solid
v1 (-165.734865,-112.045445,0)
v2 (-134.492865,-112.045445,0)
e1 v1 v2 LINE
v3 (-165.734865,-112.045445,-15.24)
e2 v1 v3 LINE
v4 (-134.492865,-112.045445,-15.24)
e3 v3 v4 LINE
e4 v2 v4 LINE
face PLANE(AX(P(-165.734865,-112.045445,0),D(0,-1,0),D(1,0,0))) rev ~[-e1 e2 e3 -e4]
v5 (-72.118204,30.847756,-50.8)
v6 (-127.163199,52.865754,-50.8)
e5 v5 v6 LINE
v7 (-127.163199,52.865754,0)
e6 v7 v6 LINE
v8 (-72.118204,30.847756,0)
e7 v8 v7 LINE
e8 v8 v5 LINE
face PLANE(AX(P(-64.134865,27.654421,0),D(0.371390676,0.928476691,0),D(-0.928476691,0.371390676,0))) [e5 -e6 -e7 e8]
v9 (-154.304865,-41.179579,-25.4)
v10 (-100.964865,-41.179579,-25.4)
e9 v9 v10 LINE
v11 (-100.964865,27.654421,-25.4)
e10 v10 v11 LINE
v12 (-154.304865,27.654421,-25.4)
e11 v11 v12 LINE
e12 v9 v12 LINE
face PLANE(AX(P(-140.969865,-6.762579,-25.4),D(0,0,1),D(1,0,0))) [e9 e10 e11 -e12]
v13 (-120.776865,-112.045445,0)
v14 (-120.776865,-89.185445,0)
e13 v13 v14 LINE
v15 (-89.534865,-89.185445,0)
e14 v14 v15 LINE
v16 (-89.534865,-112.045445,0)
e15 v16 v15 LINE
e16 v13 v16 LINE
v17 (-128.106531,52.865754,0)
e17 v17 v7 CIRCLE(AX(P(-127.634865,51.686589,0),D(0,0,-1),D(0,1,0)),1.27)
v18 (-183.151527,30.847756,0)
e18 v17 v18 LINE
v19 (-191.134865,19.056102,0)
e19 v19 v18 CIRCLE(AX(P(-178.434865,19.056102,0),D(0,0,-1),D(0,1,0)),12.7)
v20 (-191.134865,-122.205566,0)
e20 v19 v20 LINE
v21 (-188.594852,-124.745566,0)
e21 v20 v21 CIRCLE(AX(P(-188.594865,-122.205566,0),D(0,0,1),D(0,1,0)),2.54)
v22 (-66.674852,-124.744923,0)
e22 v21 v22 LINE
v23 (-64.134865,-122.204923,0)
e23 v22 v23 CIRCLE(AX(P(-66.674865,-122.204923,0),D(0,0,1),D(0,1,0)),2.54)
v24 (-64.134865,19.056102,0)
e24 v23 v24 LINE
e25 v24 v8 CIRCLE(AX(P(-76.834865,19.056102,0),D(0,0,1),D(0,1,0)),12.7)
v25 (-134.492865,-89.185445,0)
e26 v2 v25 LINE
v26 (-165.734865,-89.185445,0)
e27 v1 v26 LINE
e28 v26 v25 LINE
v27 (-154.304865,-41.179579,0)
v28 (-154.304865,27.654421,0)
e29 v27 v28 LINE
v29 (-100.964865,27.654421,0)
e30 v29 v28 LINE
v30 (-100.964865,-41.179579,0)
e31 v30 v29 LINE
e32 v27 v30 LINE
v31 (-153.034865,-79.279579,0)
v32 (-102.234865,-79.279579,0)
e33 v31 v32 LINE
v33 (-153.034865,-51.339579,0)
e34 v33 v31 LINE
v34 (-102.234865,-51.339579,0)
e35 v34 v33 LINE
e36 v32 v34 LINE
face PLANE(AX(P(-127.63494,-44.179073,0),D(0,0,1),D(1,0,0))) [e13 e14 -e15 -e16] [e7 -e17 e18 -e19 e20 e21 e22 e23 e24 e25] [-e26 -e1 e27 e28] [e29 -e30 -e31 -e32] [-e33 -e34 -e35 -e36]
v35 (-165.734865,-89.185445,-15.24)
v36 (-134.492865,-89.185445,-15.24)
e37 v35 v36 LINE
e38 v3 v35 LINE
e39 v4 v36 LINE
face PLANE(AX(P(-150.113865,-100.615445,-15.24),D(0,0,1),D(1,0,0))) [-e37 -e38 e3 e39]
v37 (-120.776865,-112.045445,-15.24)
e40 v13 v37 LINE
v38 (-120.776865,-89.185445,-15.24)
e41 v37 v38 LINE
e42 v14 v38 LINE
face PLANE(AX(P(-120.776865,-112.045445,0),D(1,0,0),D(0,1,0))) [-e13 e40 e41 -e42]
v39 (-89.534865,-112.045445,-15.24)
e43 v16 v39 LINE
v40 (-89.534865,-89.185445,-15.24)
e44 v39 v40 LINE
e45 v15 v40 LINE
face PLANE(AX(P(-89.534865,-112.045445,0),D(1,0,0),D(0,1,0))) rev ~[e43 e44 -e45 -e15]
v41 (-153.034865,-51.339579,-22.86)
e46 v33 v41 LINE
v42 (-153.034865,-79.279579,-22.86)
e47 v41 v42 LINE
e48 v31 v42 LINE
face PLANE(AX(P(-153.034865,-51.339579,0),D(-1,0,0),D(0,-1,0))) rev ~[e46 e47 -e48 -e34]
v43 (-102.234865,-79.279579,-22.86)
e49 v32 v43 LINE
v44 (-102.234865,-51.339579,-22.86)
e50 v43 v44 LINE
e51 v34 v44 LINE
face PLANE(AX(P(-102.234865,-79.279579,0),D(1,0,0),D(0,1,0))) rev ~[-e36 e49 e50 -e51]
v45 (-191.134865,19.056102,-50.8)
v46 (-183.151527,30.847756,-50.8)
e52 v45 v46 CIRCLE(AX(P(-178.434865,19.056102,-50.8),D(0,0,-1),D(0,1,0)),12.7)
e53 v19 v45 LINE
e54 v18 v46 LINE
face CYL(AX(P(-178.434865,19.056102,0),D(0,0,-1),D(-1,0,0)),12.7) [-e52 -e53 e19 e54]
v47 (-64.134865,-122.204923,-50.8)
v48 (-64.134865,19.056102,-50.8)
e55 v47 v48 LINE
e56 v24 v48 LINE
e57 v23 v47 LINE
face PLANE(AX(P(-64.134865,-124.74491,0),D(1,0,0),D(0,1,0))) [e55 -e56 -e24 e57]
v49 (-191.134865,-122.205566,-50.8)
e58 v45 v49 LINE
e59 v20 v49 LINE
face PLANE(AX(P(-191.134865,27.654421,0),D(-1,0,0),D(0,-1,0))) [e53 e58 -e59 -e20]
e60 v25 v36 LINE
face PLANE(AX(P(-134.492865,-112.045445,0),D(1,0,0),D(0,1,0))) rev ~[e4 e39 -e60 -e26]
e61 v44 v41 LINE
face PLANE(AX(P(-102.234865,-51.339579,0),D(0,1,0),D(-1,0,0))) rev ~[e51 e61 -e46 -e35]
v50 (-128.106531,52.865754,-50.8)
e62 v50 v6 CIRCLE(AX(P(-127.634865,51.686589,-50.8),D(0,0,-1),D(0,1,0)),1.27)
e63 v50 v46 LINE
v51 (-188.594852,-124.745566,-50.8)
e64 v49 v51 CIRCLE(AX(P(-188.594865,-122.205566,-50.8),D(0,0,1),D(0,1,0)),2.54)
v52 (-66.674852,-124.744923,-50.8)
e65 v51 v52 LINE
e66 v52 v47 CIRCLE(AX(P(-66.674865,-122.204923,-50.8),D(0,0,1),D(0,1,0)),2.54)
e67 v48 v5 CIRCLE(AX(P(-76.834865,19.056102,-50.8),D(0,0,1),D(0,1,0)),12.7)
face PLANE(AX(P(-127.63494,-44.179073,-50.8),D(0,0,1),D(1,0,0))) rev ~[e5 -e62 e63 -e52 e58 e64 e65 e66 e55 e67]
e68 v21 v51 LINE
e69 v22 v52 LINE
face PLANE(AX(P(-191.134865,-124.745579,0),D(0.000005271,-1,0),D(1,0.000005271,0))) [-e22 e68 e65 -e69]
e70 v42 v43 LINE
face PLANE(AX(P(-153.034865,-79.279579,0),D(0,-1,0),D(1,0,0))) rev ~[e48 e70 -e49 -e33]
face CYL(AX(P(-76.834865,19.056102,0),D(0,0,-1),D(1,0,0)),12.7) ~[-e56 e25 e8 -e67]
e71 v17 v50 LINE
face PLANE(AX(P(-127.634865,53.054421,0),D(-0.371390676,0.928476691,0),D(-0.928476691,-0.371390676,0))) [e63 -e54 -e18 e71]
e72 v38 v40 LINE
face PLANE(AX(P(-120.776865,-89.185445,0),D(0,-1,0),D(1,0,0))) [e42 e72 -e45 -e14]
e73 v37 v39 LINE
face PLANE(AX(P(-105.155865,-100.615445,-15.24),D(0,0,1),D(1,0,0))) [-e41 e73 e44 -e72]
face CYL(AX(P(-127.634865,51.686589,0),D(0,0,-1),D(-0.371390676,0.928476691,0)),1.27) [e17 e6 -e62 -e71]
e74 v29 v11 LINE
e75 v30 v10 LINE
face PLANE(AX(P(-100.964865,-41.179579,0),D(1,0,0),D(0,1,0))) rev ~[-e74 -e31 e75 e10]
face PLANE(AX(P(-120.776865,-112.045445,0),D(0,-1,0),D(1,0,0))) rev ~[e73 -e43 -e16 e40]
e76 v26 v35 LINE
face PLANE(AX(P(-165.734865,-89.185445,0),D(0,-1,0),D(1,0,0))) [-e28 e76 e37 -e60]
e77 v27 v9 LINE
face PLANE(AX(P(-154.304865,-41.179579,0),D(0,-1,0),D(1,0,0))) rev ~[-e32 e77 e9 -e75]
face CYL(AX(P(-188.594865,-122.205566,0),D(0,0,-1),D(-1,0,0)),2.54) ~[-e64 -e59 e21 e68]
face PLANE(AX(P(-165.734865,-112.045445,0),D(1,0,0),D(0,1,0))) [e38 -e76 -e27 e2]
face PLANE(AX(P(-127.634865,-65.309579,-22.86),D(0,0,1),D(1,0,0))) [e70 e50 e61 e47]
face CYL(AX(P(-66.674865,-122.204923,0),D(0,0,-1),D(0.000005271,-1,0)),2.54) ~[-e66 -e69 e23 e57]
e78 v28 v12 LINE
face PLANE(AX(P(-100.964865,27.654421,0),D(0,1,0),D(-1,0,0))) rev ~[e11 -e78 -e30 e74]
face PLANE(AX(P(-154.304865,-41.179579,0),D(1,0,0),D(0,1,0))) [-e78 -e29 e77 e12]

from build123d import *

# Parameters (mm, degrees)
F0_W     = 31.242
F0_H     = 22.86
F0_W_2   = 26.67
F0_H_2   = 68.834
F1_DEPTH = 50.8
F2_R     = 12.7
F3_R     = 12.7
F4_R     = 1.27
F5_R     = 2.54
F6_R     = 2.54
F7_DEPTH = 25.4
F8_DEPTH = 15.24
F9_DEPTH = 22.86


with BuildPart() as f1:
    # F0 (on Top) → F1 (new body)
    with BuildSketch(Plane.XY):
        Polygon((-191.1348653173, 27.6544209014), (-191.1348653173, -124.7455790986), (-64.1348653173, -124.7449096382), (-64.1348653173, 27.6544209014), (-127.6348653138, 53.0544209014), align=None)
        with Locations((-150.1138653173, -100.6154452065)):
            Rectangle(F0_W, F0_H, mode=Mode.SUBTRACT)
        with Locations((-105.1558653173, -100.6154452065)):
            Rectangle(F0_W, F0_H, mode=Mode.SUBTRACT)
        Polygon((-153.0348653138, -51.3395790986), (-127.6348653138, -51.3395790986), (-102.2348653138, -51.3395790986), (-102.2348653138, -79.2795790986), (-153.0348653138, -79.2795790986), align=None, mode=Mode.SUBTRACT)
        Polygon((-154.3048653138, 27.6544209014), (-127.6348653138, 27.6544209014), (-100.9648653138, 27.6544209014), (-100.9648653138, -41.1795790986), (-127.6348653138, -41.1795790986), (-154.3048653138, -41.1795790986), align=None, mode=Mode.SUBTRACT)
        with Locations((-140.9698653138, -6.7625790986)):
            Rectangle(F0_W_2, F0_H_2)
        with Locations((-114.2998653138, -6.7625790986)):
            Rectangle(F0_W_2, F0_H_2)
        with Locations((-150.1138653173, -100.6154452065)):
            Rectangle(F0_W, F0_H)
        with Locations((-105.1558653173, -100.6154452065)):
            Rectangle(F0_W, F0_H)
        Polygon((-102.2348653138, -51.3395790986), (-127.6348653138, -51.3395790986), (-153.0348653138, -51.3395790986), (-153.0348653138, -79.2795790986), (-102.2348653138, -79.2795790986), align=None)
    extrude(amount=-F1_DEPTH)

    # F2
    f2_edges = [f1.edges().sort_by_distance(p)[0] for p in [
        (-64.134865, 27.654421, -25.4),
    ]]
    fillet(f2_edges, radius=F2_R)

    # F3
    f3_edges = [f1.edges().sort_by_distance(p)[0] for p in [
        (-191.134865, 27.654421, -25.4),
    ]]
    fillet(f3_edges, radius=F3_R)

    # F4
    f4_edges = [f1.edges().sort_by_distance(p)[0] for p in [
        (-127.634865, 53.054421, -25.4),
    ]]
    fillet(f4_edges, radius=F4_R)

    # F5
    f5_edges = [f1.edges().sort_by_distance(p)[0] for p in [
        (-191.134865, -124.745579, -25.4),
    ]]
    fillet(f5_edges, radius=F5_R)

    # F6
    f6_edges = [f1.edges().sort_by_distance(p)[0] for p in [
        (-64.134865, -124.74491, -25.4),
    ]]
    fillet(f6_edges, radius=F6_R)

    # F0 (on Top) → F7 (cut)
    with BuildSketch(Plane.XY):
        with Locations((-140.9698653138, -6.7625790986)):
            Rectangle(F0_W_2, F0_H_2)
        with Locations((-114.2998653138, -6.7625790986)):
            Rectangle(F0_W_2, F0_H_2)
    extrude(amount=-F7_DEPTH, mode=Mode.SUBTRACT)

    # F0 (on Top) → F8 (cut)
    with BuildSketch(Plane.XY):
        with Locations((-150.1138653173, -100.6154452065)):
            Rectangle(F0_W, F0_H)
        with Locations((-105.1558653173, -100.6154452065)):
            Rectangle(F0_W, F0_H)
    extrude(amount=-F8_DEPTH, mode=Mode.SUBTRACT)

    # F0 (on Top) → F9 (cut)
    with BuildSketch(Plane.XY):
        Polygon((-102.2348653138, -51.3395790986), (-127.6348653138, -51.3395790986), (-153.0348653138, -51.3395790986), (-153.0348653138, -79.2795790986), (-102.2348653138, -79.2795790986), align=None)
    extrude(amount=-F9_DEPTH, mode=Mode.SUBTRACT)


solid = f1.part
